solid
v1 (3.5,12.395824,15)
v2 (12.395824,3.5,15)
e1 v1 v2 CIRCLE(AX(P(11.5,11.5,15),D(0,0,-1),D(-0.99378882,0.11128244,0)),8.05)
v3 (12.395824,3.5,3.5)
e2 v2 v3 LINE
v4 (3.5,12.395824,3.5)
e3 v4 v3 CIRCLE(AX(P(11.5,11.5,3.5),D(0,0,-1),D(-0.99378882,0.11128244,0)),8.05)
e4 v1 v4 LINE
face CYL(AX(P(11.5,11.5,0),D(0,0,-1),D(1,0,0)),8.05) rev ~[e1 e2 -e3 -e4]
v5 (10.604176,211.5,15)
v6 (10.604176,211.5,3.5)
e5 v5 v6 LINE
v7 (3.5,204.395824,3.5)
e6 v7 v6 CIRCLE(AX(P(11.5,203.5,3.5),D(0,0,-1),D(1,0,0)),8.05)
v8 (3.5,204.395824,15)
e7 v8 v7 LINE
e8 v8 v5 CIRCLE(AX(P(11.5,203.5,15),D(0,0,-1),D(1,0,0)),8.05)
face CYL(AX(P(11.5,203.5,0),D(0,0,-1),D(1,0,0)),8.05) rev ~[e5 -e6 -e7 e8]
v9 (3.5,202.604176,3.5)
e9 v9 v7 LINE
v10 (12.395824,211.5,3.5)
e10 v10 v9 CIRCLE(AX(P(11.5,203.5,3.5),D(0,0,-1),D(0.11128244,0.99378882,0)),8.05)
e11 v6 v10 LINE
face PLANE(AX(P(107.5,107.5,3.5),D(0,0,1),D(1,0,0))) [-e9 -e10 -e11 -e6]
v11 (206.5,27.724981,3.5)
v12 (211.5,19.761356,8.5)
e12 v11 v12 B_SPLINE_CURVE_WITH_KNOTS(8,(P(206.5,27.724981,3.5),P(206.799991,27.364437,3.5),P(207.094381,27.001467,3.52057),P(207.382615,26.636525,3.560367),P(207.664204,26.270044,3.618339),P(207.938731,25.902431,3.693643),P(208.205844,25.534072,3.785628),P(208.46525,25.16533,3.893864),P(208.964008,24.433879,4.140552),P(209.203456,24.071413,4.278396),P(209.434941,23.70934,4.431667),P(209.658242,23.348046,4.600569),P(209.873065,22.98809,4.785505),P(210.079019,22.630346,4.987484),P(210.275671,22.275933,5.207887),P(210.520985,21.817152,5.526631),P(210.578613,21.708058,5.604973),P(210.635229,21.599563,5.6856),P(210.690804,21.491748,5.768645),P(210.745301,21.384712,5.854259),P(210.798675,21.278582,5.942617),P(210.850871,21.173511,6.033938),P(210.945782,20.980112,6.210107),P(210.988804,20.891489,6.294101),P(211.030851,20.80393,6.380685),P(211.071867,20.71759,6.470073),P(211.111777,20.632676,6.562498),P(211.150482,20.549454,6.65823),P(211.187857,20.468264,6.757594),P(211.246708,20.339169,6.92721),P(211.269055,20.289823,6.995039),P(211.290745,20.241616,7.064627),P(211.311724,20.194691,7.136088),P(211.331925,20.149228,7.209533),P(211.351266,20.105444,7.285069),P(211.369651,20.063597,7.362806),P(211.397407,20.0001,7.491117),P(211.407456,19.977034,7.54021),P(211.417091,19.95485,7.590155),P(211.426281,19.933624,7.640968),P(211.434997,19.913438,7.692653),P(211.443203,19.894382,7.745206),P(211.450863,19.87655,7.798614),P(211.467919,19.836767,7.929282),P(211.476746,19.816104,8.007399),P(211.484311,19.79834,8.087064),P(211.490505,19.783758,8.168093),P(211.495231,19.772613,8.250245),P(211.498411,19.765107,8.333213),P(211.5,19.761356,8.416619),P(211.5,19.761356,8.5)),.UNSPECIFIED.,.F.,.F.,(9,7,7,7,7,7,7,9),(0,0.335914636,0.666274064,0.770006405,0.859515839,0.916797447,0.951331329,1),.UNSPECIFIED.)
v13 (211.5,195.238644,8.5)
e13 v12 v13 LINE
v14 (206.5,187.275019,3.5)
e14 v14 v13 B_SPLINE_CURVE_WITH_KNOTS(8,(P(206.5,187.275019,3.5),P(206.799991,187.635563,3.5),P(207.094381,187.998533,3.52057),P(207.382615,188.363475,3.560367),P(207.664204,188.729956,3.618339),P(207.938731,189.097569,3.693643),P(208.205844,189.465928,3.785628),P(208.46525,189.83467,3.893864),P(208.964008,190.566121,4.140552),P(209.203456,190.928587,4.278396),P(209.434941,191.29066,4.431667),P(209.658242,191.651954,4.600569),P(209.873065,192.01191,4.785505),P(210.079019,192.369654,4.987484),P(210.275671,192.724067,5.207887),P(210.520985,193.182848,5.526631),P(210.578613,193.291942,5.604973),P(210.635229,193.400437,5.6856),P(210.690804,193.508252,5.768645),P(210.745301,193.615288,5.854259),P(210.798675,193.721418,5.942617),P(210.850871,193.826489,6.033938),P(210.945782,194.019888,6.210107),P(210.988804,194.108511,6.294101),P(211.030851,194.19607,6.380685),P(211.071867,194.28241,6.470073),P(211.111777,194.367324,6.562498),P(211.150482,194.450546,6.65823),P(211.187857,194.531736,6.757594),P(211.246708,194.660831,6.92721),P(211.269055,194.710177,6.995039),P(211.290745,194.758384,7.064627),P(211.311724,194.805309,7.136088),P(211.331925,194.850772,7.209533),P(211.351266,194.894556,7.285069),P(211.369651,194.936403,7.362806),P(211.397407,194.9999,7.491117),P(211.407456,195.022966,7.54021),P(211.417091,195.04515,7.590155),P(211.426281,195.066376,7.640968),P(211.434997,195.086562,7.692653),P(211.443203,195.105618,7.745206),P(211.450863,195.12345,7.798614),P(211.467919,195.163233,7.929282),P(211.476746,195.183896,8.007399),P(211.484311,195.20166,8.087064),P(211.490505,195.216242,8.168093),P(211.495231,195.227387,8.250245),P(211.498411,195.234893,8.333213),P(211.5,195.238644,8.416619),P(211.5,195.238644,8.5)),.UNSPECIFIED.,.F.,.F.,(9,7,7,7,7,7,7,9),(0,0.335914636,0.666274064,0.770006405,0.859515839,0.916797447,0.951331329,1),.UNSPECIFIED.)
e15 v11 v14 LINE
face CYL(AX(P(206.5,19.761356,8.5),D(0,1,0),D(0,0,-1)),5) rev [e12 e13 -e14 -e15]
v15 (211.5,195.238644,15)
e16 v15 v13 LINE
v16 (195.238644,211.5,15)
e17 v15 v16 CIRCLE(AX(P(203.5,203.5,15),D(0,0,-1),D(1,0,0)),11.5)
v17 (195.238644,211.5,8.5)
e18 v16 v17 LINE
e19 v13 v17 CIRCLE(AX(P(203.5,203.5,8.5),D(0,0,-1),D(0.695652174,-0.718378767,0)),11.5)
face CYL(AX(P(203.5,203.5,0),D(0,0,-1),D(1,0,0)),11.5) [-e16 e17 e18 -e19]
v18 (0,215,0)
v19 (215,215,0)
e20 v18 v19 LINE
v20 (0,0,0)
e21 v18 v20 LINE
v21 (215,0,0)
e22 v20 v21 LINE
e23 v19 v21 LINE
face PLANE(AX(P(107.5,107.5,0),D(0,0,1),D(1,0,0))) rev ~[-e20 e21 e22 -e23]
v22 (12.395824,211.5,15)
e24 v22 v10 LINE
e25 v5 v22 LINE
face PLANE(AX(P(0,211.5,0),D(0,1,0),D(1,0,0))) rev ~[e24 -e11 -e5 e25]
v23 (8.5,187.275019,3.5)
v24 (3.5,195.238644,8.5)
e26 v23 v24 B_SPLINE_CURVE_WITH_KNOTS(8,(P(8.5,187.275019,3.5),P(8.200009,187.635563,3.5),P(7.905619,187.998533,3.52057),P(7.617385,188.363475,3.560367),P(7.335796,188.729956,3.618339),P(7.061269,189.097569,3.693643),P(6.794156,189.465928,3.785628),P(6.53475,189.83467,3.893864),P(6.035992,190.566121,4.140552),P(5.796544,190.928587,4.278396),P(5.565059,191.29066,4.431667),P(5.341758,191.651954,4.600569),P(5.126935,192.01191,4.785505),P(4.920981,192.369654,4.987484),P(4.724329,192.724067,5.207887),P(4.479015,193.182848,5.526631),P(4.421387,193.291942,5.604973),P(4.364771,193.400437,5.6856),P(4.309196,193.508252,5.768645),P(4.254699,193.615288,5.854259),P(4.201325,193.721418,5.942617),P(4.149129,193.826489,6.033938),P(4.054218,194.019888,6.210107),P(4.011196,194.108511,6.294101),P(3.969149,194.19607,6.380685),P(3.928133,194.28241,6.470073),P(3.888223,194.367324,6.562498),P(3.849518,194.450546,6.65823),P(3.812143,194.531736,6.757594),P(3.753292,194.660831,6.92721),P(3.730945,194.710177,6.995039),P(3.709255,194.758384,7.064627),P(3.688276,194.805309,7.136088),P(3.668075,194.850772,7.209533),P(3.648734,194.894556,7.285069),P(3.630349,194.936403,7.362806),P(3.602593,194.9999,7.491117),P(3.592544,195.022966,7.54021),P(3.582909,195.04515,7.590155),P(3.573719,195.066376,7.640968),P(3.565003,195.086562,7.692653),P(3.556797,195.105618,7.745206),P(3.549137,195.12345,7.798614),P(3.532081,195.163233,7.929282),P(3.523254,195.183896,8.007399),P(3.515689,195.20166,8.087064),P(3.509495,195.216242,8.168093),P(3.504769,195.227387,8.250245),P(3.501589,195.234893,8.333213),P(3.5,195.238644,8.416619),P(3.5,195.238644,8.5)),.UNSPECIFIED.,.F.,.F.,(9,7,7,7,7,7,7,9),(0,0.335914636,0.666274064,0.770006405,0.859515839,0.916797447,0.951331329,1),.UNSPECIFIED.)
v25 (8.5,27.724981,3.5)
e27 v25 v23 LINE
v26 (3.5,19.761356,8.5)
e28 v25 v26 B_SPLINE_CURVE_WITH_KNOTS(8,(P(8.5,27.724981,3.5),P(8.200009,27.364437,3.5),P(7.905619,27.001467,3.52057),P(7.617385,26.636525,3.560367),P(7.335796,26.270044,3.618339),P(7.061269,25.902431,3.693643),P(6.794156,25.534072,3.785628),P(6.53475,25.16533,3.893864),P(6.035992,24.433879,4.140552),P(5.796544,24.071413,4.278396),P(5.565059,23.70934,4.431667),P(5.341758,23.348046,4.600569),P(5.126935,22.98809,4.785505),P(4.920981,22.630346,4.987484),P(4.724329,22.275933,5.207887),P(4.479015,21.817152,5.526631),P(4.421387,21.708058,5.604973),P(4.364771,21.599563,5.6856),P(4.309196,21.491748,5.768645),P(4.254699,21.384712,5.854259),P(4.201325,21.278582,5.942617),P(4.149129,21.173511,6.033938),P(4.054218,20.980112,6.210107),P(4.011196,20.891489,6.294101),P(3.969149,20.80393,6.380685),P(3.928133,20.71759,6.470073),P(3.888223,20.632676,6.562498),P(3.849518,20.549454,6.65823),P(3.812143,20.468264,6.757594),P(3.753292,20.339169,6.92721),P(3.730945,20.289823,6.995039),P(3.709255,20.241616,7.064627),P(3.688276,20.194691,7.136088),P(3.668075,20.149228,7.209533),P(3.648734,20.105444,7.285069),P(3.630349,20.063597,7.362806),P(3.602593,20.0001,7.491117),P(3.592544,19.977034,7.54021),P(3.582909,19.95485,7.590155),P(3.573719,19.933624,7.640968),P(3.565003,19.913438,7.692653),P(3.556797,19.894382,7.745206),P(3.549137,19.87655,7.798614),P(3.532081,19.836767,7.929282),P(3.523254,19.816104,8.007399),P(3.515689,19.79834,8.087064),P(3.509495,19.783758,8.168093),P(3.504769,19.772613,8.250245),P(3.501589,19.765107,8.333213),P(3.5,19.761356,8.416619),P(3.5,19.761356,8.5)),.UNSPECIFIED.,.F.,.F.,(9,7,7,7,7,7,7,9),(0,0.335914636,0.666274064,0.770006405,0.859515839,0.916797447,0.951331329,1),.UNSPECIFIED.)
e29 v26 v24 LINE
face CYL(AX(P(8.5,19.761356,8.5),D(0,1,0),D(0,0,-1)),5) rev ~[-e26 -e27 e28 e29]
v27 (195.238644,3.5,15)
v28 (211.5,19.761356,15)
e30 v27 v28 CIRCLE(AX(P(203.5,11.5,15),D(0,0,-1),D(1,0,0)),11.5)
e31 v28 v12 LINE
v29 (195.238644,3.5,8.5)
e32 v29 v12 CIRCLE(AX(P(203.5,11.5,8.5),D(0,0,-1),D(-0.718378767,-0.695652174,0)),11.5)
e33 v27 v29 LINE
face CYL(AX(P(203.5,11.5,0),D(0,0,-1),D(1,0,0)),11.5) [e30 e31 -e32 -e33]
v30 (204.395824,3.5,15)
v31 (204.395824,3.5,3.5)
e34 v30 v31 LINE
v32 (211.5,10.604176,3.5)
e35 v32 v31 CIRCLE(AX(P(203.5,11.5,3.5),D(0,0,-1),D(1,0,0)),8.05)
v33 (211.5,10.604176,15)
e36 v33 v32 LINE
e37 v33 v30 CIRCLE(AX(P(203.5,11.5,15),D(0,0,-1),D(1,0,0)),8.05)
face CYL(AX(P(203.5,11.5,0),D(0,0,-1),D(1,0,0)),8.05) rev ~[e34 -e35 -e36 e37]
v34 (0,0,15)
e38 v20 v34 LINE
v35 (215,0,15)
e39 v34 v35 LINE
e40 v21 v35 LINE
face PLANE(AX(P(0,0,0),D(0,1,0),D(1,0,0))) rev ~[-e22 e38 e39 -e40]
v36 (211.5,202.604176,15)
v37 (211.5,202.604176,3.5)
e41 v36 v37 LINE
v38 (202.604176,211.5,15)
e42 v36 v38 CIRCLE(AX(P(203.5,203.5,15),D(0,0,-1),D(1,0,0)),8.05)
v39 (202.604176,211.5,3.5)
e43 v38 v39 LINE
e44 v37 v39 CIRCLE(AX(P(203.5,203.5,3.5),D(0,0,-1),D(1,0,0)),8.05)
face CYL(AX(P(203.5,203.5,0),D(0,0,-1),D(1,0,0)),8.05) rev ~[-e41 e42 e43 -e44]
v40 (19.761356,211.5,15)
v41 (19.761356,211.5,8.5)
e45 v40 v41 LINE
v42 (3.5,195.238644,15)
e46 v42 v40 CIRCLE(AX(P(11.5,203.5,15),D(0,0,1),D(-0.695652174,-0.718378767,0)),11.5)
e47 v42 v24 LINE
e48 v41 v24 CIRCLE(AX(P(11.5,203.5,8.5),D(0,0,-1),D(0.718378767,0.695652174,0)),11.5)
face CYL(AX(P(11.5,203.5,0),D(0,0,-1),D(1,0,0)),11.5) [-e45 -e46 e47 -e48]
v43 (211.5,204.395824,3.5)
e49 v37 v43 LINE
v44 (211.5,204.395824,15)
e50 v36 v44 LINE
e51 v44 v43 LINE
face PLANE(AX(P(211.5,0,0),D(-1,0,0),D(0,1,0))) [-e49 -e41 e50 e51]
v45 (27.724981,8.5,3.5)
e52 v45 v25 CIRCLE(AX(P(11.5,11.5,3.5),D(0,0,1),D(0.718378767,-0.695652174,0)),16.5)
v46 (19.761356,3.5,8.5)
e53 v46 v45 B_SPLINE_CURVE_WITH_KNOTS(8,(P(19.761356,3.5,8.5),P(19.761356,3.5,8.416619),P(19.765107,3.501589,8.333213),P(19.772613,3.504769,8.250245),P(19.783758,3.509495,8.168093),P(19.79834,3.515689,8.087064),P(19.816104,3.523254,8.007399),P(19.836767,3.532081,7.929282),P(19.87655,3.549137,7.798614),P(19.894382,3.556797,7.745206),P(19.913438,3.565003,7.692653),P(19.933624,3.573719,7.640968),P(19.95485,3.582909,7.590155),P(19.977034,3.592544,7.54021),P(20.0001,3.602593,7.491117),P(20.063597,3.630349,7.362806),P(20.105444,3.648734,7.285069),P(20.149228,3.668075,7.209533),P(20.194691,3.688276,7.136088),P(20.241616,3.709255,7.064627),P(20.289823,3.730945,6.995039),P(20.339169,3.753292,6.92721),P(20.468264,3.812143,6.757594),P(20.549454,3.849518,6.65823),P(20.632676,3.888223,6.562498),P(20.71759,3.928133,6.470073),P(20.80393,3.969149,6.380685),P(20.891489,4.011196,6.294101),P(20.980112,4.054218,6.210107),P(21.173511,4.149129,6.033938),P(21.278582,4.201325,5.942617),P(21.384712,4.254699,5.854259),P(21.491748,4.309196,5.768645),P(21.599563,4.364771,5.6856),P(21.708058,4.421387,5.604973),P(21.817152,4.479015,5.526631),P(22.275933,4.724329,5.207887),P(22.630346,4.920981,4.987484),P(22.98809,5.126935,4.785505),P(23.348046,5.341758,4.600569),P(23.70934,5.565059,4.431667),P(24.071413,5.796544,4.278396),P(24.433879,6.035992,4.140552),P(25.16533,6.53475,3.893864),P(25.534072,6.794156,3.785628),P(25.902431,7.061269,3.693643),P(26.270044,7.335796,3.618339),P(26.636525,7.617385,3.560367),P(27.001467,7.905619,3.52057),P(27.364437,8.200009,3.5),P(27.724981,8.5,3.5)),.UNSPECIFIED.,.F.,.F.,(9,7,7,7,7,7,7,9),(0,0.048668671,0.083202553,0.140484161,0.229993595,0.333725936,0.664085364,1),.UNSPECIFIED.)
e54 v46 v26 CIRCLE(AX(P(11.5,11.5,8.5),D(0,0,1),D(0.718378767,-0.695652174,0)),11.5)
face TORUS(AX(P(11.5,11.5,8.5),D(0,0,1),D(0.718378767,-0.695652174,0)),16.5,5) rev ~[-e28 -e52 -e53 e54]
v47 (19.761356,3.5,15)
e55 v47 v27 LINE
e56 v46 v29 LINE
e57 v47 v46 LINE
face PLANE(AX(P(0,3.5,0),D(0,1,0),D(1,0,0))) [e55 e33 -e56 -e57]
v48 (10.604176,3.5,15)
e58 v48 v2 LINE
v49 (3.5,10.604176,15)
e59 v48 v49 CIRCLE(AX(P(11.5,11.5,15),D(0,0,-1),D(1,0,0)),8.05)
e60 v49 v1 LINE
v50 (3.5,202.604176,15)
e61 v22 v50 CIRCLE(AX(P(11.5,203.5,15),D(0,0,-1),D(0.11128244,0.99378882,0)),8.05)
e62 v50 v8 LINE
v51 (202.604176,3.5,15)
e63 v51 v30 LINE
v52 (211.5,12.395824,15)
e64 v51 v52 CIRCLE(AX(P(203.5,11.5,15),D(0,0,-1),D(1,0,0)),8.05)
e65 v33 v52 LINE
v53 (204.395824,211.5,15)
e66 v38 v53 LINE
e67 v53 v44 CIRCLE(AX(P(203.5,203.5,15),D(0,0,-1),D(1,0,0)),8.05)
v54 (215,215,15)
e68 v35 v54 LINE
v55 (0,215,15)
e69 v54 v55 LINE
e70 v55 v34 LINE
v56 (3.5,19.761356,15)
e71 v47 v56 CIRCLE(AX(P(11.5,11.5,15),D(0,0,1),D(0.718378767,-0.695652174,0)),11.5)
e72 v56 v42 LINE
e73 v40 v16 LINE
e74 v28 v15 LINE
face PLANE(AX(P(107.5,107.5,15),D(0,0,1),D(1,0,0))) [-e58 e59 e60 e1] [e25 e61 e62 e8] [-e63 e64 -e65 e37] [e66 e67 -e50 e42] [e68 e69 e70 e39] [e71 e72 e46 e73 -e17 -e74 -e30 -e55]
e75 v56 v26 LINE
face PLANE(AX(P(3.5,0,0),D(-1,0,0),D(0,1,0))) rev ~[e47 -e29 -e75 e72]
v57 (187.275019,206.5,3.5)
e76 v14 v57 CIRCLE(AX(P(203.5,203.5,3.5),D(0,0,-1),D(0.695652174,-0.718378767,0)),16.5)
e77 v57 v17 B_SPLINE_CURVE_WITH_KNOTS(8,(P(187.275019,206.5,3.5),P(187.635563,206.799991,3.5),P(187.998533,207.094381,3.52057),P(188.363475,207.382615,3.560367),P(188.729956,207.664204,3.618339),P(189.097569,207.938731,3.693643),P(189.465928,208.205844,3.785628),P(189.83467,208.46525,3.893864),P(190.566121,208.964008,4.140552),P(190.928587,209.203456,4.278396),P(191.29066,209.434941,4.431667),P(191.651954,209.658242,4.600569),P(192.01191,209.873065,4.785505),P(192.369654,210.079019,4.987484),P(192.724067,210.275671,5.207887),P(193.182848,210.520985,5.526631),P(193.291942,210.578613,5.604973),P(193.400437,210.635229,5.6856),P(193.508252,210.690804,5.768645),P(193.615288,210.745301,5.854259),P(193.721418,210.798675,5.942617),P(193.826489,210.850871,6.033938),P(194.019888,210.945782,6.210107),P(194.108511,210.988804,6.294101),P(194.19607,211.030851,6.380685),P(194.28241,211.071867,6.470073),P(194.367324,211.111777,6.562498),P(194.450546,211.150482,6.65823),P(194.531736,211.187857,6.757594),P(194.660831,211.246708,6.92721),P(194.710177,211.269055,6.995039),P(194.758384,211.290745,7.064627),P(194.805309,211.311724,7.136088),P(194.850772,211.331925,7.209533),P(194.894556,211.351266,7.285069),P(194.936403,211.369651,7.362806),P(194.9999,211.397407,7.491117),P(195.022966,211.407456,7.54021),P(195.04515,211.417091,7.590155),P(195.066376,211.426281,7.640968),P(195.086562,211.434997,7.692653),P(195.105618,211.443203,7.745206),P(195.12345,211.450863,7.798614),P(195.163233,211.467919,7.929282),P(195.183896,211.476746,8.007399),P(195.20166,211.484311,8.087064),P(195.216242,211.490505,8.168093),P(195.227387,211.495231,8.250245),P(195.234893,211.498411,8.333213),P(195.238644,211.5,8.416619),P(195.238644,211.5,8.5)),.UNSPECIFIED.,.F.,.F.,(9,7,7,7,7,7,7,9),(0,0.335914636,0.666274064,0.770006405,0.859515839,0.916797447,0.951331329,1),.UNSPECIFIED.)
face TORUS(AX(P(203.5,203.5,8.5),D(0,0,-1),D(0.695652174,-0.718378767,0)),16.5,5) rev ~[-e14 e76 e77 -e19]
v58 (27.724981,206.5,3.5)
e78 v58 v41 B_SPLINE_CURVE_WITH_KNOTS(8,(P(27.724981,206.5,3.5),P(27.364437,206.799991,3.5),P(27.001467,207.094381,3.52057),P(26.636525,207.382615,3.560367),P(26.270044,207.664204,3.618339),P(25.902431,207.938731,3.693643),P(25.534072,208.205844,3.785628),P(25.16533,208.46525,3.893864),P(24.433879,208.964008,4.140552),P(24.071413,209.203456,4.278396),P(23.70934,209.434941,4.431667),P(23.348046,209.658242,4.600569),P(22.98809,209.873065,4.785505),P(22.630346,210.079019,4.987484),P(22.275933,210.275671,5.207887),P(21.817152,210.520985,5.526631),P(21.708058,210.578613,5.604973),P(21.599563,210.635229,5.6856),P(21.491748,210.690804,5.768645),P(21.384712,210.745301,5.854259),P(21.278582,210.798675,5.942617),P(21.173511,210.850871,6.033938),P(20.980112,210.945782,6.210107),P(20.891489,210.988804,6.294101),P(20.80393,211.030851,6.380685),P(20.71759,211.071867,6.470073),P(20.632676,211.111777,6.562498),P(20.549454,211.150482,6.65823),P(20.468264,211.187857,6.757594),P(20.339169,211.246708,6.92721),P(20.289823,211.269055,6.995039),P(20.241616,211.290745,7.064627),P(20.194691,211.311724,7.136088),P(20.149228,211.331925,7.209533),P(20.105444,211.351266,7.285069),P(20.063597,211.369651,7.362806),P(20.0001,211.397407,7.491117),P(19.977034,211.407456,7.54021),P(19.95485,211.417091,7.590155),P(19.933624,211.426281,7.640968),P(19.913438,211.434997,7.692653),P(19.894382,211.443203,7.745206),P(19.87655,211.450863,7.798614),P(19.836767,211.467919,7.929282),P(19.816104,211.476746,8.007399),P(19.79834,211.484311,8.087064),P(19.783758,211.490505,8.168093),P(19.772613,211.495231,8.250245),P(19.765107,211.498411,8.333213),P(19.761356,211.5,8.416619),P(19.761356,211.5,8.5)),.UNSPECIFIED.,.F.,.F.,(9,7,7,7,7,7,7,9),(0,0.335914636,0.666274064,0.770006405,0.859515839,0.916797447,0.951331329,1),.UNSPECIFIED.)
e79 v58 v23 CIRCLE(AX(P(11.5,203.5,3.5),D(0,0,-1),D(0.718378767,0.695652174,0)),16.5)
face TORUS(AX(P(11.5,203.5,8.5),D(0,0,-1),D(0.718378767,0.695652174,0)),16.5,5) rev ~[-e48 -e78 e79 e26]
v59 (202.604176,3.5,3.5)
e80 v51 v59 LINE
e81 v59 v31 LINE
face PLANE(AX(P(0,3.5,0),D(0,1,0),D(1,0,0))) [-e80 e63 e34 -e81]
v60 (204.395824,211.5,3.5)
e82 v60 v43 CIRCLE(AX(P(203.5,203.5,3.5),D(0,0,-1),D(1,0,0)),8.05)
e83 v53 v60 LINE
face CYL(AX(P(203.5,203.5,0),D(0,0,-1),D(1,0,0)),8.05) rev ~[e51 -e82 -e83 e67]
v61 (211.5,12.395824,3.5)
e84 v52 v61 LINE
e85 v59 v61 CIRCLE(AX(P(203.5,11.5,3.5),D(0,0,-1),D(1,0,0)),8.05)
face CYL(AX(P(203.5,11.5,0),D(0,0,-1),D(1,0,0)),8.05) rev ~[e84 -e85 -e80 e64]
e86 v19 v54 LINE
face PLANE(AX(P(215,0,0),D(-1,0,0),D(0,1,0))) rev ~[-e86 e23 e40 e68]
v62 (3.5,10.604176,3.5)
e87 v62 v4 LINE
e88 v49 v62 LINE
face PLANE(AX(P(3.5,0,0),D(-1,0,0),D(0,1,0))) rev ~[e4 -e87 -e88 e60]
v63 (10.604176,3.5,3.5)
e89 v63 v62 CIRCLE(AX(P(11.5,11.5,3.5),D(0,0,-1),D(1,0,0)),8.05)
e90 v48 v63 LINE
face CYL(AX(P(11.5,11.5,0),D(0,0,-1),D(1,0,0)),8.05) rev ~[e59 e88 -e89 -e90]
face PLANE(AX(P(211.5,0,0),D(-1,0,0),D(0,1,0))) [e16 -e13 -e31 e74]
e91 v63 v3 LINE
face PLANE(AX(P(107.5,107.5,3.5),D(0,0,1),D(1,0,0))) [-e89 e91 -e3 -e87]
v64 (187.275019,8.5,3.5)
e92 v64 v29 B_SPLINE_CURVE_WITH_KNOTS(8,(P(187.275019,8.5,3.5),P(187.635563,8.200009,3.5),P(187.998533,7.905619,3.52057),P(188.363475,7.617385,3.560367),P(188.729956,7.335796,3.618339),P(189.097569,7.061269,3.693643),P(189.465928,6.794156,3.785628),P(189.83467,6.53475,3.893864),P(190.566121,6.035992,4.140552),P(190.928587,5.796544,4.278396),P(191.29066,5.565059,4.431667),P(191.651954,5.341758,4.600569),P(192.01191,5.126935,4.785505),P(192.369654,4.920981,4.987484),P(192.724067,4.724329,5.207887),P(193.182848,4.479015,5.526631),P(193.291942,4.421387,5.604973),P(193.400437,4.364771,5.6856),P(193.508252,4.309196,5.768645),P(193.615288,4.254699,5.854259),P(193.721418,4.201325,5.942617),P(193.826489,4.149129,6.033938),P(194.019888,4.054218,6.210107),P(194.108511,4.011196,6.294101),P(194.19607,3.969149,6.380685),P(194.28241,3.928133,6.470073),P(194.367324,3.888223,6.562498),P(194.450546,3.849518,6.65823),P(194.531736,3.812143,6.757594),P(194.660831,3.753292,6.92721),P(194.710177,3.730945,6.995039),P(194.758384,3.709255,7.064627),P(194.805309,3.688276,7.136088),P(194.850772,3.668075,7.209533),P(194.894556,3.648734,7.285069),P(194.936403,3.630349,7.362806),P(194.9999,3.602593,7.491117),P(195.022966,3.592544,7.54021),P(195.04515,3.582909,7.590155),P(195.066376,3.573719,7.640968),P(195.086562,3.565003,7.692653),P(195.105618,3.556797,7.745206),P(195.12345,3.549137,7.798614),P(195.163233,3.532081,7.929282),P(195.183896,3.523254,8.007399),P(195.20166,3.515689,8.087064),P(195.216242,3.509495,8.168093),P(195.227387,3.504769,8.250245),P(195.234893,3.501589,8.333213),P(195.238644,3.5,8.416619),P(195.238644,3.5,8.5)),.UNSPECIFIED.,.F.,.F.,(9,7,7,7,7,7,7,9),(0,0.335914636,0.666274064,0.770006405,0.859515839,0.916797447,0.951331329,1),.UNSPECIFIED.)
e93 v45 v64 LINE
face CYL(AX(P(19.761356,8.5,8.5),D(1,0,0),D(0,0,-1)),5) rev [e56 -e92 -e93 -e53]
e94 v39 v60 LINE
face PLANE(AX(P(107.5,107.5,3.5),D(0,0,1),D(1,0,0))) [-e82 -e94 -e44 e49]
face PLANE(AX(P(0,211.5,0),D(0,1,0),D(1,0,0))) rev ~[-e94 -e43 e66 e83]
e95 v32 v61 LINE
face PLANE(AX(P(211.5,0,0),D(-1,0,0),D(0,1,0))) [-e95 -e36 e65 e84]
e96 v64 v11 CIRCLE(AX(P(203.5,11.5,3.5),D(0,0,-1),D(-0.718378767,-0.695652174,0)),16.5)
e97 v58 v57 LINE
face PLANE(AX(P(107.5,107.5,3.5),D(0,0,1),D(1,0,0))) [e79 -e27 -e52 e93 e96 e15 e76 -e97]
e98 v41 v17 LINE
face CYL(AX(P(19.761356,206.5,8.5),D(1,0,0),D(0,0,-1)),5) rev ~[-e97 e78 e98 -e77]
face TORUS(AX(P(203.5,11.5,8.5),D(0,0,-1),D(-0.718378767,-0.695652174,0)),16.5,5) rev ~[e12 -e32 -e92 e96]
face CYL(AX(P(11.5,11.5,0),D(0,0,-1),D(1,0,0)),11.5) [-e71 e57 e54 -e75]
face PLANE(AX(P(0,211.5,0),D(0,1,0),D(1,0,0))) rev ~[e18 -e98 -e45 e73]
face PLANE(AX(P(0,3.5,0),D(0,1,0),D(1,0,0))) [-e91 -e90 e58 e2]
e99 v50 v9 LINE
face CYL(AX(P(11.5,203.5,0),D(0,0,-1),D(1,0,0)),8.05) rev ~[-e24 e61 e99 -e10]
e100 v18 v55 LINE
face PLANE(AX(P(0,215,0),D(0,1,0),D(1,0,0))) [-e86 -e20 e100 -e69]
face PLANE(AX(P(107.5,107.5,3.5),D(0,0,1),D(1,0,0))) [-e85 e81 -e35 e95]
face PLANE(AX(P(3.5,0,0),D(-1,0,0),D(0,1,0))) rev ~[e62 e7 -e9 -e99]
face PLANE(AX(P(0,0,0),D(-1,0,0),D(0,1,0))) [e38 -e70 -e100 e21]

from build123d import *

# Parameters (mm, degrees)
F0_W     = 215
F0_H     = 215
F1_DEPTH = 15
F2_T     = -3.5
F3_R     = 11.5
F3_R_2   = 8.05
F4_DEPTH = 15
F5_R     = 5


with BuildPart() as f1:
    # F0 (on Top) → F1 (new body)
    with BuildSketch(Plane.XY):
        with Locations((107.5, 107.5)):
            Rectangle(F0_W, F0_H)
    extrude(amount=F1_DEPTH)

    # F2
    f2_openings = [f1.faces().sort_by_distance(p)[0] for p in [
        (107.5, 107.5, 15),
    ]]
    offset(amount=F2_T, openings=f2_openings)

    # F3 (on face) → F4 (join, through all)
    with BuildSketch(Plane(origin=(0, 0, 0), x_dir=(1, 0, 0), z_dir=(0, 0, -1))):
        with Locations((11.5, -11.5)):
            Circle(F3_R)
        with Locations((11.5, -11.5)):
            Circle(F3_R_2, mode=Mode.SUBTRACT)
        with Locations((11.5, -203.5)):
            Circle(F3_R)
        with Locations((11.5, -203.5)):
            Circle(F3_R_2, mode=Mode.SUBTRACT)
        with Locations((203.5, -11.5)):
            Circle(F3_R)
        with Locations((203.5, -11.5)):
            Circle(F3_R_2, mode=Mode.SUBTRACT)
        with Locations((203.5, -203.5)):
            Circle(F3_R)
        with Locations((203.5, -203.5)):
            Circle(F3_R_2, mode=Mode.SUBTRACT)
    extrude(amount=-F4_DEPTH)

    # F5
    f5_edges = [f1.edges().sort_by_distance(p)[0] for p in [
        (19.631728, 195.368272, 3.5),
        (107.5, 211.5, 3.5),
        (3.5, 107.5, 3.5),
        (195.368272, 195.368272, 3.5),
        (211.5, 107.5, 3.5),
        (19.631728, 19.631728, 3.5),
        (107.5, 3.5, 3.5),
        (195.368272, 19.631728, 3.5),
    ]]
    fillet(f5_edges, radius=F5_R)


solid = f1.part
